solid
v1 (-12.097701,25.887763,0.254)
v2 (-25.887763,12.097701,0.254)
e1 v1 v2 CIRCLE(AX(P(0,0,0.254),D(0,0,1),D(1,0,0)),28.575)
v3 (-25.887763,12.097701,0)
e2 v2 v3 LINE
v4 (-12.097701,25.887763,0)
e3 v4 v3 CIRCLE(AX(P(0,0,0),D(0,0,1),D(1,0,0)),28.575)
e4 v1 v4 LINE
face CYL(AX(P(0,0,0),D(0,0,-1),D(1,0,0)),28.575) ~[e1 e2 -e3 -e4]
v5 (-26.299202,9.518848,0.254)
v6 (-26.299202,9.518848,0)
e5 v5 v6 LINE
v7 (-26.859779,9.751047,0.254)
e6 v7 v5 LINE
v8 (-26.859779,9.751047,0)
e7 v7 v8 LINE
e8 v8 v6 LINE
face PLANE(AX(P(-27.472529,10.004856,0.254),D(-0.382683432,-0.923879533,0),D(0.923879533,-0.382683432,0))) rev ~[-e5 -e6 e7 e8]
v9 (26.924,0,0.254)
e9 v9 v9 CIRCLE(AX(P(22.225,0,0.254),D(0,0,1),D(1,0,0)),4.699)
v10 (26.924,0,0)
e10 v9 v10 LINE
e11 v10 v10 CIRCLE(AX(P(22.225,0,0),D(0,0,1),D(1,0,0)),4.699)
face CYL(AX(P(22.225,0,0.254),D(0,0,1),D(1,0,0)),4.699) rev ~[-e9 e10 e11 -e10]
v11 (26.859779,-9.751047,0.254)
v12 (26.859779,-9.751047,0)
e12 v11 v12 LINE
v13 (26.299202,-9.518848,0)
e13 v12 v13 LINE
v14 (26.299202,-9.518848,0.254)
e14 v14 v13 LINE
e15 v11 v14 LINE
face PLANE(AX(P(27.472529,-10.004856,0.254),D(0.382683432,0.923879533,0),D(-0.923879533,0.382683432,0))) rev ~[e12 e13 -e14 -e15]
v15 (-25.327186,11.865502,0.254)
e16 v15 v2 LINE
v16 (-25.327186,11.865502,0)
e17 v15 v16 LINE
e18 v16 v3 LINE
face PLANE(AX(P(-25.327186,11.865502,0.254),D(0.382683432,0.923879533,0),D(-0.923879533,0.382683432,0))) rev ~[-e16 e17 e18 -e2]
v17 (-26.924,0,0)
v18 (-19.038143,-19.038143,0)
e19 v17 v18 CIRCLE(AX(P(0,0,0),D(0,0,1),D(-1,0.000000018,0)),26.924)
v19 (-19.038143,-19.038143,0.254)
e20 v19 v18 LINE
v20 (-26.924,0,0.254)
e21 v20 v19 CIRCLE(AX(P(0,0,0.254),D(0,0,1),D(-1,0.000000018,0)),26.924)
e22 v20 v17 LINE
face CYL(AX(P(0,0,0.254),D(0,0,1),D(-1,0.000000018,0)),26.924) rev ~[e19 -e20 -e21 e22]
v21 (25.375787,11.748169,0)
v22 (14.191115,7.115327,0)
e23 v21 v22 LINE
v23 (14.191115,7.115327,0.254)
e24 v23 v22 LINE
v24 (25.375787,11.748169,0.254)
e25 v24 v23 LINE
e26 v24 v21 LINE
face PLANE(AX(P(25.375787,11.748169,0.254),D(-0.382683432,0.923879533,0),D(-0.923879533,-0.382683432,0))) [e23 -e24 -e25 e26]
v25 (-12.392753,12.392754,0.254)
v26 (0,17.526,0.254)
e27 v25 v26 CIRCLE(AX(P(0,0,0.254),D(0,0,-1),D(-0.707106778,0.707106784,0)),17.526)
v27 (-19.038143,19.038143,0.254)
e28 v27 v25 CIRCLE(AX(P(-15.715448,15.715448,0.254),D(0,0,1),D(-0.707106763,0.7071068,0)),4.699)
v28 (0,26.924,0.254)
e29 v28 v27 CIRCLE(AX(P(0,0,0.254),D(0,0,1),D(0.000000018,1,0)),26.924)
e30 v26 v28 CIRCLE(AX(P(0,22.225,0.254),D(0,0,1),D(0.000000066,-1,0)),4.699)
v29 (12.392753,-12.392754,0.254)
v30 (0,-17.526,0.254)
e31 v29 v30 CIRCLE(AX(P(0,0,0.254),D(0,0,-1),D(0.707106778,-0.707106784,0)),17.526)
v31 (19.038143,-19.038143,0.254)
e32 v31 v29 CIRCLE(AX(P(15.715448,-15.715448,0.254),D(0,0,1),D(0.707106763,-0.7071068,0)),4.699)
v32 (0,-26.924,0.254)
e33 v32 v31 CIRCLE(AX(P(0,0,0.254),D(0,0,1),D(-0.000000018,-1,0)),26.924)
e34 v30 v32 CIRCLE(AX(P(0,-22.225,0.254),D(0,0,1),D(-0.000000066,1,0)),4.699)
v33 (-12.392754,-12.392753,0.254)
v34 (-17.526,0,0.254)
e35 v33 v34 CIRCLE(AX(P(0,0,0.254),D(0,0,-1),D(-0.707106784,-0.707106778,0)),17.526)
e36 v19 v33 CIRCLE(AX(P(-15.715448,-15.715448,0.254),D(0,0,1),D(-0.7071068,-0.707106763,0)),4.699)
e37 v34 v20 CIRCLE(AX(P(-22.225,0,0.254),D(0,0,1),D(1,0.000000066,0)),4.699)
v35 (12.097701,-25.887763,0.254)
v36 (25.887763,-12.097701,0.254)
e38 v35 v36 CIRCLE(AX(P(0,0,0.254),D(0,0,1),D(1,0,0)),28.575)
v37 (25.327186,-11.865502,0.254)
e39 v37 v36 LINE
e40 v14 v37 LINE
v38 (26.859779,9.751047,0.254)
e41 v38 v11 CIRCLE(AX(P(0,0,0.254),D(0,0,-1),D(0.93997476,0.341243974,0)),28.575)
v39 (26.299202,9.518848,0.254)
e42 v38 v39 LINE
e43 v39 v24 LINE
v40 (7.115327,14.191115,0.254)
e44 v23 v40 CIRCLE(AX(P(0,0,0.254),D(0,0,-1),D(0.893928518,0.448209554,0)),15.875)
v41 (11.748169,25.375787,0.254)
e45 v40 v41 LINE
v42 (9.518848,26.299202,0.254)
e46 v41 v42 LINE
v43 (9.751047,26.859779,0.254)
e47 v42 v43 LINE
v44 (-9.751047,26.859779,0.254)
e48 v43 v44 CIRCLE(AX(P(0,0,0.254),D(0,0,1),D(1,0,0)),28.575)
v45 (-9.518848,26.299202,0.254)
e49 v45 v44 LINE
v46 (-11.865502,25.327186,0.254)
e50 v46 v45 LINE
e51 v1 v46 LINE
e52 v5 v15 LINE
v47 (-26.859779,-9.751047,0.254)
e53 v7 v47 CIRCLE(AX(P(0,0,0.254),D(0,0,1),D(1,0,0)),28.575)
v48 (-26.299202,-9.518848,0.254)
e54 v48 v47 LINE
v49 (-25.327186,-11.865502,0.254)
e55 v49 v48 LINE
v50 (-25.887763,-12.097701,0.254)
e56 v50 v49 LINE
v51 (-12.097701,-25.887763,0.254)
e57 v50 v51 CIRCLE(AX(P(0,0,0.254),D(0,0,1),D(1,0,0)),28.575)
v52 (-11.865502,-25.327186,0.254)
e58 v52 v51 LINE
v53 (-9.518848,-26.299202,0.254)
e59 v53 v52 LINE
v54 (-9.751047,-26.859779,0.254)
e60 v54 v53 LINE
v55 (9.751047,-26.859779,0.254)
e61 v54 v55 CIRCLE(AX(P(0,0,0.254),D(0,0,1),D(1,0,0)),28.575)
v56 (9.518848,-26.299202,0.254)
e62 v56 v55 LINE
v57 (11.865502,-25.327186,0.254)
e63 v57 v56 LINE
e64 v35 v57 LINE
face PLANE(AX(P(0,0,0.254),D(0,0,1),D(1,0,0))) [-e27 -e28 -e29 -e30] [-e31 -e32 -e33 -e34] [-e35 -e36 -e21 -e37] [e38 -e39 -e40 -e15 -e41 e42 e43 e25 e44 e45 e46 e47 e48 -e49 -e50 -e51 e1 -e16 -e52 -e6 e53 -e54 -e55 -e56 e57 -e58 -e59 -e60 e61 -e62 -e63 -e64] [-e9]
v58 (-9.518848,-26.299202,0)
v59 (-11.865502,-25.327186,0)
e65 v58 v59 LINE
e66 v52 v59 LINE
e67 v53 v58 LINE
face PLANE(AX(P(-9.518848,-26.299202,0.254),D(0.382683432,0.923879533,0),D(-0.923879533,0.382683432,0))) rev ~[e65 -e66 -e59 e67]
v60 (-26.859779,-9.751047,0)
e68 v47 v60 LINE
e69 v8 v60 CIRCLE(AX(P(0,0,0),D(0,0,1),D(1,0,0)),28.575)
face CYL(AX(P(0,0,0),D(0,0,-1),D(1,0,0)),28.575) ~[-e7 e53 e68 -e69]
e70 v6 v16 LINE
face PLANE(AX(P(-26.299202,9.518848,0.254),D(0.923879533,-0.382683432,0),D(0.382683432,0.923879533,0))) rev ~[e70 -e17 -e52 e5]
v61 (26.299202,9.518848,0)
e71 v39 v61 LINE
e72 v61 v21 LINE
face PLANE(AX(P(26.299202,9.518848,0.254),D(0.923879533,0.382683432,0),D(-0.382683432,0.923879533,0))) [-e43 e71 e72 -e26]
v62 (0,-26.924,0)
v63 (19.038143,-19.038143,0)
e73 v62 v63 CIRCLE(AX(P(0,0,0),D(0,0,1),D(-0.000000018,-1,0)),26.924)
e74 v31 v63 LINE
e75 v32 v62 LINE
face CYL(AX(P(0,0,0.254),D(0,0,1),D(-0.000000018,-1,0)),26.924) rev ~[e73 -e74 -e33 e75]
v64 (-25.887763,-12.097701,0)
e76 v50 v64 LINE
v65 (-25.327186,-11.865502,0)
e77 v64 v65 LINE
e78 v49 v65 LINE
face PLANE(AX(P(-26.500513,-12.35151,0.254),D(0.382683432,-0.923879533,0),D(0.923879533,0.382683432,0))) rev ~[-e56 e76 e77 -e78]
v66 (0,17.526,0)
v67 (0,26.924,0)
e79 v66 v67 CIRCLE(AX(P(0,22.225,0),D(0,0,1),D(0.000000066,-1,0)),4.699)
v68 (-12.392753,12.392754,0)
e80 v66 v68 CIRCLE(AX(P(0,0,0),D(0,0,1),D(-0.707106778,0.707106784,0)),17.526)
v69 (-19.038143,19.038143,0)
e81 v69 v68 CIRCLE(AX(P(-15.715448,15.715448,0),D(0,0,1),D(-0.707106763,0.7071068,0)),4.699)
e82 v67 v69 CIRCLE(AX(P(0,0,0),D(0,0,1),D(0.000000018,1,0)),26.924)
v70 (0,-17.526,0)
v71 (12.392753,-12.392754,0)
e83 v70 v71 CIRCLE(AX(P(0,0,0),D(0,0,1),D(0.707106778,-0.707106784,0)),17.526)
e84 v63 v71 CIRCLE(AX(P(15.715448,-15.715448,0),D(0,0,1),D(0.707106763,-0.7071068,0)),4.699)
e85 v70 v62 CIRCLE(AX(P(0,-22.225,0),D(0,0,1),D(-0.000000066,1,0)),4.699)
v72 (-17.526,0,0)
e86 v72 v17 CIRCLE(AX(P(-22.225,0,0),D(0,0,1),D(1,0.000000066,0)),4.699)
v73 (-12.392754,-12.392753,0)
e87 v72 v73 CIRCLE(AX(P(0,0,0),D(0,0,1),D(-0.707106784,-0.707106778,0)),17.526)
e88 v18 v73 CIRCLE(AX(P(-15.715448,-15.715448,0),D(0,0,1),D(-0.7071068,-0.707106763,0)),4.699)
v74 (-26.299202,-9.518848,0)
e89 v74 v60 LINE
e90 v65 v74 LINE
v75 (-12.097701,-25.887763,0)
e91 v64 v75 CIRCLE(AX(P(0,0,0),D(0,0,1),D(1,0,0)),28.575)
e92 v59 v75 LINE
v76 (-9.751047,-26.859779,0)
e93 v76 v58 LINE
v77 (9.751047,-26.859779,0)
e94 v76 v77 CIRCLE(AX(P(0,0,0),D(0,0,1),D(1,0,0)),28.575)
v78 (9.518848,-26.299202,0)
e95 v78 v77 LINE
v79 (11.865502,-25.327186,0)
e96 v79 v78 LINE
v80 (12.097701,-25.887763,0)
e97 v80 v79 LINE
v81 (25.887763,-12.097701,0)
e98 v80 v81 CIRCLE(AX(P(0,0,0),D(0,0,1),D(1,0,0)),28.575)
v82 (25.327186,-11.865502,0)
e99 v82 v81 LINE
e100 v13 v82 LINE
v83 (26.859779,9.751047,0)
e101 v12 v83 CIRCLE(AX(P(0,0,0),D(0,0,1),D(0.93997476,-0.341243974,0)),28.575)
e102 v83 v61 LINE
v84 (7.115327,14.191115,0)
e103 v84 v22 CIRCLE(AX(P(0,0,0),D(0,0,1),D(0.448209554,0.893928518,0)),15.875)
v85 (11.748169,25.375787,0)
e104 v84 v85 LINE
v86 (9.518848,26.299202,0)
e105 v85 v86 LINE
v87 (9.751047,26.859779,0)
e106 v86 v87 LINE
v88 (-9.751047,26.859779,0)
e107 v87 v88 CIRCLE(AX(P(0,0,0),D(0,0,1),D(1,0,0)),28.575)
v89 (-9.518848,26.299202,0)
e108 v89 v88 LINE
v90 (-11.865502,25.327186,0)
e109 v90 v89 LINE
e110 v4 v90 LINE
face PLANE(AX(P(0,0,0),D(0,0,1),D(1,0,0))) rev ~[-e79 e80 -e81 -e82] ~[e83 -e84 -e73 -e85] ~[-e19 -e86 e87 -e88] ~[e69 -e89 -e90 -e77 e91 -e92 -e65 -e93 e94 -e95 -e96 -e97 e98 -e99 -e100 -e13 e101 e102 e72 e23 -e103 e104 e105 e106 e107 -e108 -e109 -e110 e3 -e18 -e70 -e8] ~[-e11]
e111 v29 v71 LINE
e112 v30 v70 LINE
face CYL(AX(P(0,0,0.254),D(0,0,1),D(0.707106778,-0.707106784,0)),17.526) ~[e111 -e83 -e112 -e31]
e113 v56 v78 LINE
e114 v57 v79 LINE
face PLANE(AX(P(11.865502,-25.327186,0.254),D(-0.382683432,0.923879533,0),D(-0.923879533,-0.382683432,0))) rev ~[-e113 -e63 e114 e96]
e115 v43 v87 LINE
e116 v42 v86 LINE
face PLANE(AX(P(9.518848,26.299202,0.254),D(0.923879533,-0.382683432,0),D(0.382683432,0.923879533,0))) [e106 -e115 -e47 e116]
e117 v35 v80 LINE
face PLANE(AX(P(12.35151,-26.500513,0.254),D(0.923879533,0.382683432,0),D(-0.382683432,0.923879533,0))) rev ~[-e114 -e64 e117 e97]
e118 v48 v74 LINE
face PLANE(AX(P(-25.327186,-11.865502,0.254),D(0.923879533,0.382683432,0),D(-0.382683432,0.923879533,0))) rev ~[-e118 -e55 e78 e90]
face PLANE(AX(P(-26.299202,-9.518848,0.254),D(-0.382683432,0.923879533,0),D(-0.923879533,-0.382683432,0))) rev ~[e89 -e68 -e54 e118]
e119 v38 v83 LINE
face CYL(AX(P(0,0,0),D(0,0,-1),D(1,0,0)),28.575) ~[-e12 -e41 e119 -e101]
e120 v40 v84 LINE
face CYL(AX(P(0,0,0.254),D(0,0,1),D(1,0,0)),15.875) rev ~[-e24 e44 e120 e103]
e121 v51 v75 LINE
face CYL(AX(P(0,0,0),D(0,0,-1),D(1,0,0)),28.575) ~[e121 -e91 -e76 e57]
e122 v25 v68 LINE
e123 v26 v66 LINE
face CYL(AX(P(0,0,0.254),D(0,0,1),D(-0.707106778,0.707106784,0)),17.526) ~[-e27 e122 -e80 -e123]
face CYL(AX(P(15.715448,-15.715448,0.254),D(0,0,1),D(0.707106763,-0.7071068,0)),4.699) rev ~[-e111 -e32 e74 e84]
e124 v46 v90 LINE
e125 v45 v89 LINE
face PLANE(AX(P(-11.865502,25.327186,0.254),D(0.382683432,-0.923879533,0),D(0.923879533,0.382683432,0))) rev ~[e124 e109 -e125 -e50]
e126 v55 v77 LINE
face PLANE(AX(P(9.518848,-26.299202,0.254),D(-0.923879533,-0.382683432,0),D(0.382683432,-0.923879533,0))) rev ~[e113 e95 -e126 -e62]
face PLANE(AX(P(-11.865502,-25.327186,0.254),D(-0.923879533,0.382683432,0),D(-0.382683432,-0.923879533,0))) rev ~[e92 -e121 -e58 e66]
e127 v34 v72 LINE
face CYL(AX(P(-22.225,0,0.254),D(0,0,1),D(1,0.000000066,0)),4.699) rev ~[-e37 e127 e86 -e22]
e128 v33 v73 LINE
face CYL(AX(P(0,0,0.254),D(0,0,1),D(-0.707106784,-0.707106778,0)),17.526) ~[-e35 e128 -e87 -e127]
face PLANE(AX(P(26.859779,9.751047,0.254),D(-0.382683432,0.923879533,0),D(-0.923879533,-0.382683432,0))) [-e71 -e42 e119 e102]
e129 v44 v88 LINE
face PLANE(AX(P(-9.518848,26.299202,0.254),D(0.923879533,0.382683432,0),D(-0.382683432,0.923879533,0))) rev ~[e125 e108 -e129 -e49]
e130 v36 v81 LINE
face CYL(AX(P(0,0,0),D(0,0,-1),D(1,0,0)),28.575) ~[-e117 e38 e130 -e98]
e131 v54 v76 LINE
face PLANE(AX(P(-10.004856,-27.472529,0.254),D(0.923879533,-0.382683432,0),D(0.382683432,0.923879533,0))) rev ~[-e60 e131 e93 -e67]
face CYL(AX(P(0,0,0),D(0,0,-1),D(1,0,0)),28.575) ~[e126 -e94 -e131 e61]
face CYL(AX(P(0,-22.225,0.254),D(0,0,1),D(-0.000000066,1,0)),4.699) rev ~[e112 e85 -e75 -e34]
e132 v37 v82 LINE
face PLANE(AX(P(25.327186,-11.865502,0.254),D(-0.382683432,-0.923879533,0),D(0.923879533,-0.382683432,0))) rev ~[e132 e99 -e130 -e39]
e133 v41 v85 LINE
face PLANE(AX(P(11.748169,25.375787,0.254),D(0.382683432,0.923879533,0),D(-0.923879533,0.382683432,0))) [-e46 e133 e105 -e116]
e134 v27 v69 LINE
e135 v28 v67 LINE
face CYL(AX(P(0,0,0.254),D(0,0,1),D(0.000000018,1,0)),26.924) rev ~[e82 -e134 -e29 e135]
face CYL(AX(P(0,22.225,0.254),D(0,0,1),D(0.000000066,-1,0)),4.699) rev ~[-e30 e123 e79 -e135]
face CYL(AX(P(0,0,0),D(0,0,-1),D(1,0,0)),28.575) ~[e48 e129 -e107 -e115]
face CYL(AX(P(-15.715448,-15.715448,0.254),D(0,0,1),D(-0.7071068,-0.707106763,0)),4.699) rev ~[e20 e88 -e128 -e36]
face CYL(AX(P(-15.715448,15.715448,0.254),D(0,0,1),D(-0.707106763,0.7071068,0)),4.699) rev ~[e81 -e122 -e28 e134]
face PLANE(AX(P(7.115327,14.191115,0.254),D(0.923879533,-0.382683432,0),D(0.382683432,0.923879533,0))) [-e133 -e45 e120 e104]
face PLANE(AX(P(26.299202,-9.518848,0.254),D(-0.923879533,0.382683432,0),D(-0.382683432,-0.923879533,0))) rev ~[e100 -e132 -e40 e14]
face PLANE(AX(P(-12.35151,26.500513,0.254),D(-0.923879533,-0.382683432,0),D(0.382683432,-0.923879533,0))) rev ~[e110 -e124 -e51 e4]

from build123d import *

# Parameters (mm, degrees)
SKETCH4_R           = 28.575
BOSS_EXTRUDE2_DEPTH = 0.254
SKETCH5_R           = 15.875
CUT_EXTRUDE5_DEPTH  = 1.254
SKETCH6_R           = 4.699
CUT_EXTRUDE6_DEPTH  = 1.254
CUT_EXTRUDE11_DEPTH = 1.254


with BuildPart() as part:
    # Sketch4 → Boss-Extrude2 (new body)
    with BuildSketch(Plane.XY):
        Circle(SKETCH4_R)
    extrude(amount=BOSS_EXTRUDE2_DEPTH)

    # Sketch5 → Cut-Extrude5 (cut, through all)
    with BuildSketch(Plane.XY.offset(0.254)):
        Circle(SKETCH5_R)
    extrude(amount=-CUT_EXTRUDE5_DEPTH, mode=Mode.SUBTRACT)

    # Sketch6 → Cut-Extrude6 (cut, through all)
    with BuildSketch(Plane.XY.offset(0.254)):
        with Locations((22.225, 0)):
            Circle(SKETCH6_R)
        with BuildLine():
            ThreePointArc((19.03814289, -19.038143063), (19.038142992, -12.392753462), (12.392753391, -12.392753504))
            ThreePointArc((12.392753391, -12.392753504), (6.706909655, -16.191912762), (-3.11e-07, -17.526))
            ThreePointArc((-3.11e-07, -17.526), (-4.699, -22.224999917), (-4.77e-07, -26.924))
            ThreePointArc((-4.77e-07, -26.924), (10.303368456, -24.874532648), (19.03814289, -19.038143063))
        make_face()
        with BuildLine():
            ThreePointArc((-19.038143063, -19.03814289), (-12.392753462, -19.038142992), (-12.392753504, -12.392753391))
            ThreePointArc((-12.392753504, -12.392753391), (-16.191912762, -6.706909655), (-17.526, 3.11e-07))
            ThreePointArc((-17.526, 3.11e-07), (-22.224999917, 4.699), (-26.924, 4.77e-07))
            ThreePointArc((-26.924, 4.77e-07), (-24.874532648, -10.303368456), (-19.038143063, -19.03814289))
        make_face()
        with BuildLine():
            ThreePointArc((-19.03814289, 19.038143063), (-19.038142992, 12.392753462), (-12.392753391, 12.392753504))
            ThreePointArc((-12.392753391, 12.392753504), (-6.706909655, 16.191912762), (3.11e-07, 17.526))
            ThreePointArc((3.11e-07, 17.526), (4.699, 22.224999917), (4.77e-07, 26.924))
            ThreePointArc((4.77e-07, 26.924), (-10.303368456, 24.874532648), (-19.03814289, 19.038143063))
        make_face()
    extrude(amount=-CUT_EXTRUDE6_DEPTH, mode=Mode.SUBTRACT)

    # Sketch8 → Cut-Extrude11 (cut, through all)
    with BuildSketch(Plane.XY.offset(0.254)):
        with BuildLine():
            Line((11.748169406, 25.375786975), (9.518848094, 26.299202097))
            Line((9.518848094, 26.299202097), (9.751046558, 26.859778778))
            ThreePointArc((9.751046558, 26.859778778), (20.205576272, 20.205576272), (26.859778778, 9.751046558))
            Line((26.859778778, 9.751046558), (26.299202097, 9.518848094))
            Line((26.299202097, 9.518848094), (25.375786975, 11.748169406))
            Line((25.375786975, 11.748169406), (14.191115224, 7.115326676))
            ThreePointArc((14.191115224, 7.115326676), (11.225320151, 11.225320151), (7.115326676, 14.191115224))
            Line((7.115326676, 14.191115224), (11.748169406, 25.375786975))
        make_face()
        Polygon((-10.004856053, 27.472529104), (-12.351510066, 26.500513186), (-11.865502107, 25.327186179), (-9.518848094, 26.299202097), align=None)
        Polygon((-26.500513186, 12.351510066), (-27.472529104, 10.004856053), (-26.299202097, 9.518848094), (-25.327186179, 11.865502107), align=None)
        Polygon((-27.472529104, -10.004856053), (-26.500513186, -12.351510066), (-25.327186179, -11.865502107), (-26.299202097, -9.518848094), align=None)
        Polygon((-12.351510066, -26.500513186), (-10.004856053, -27.472529104), (-9.518848094, -26.299202097), (-11.865502107, -25.327186179), align=None)
        Polygon((10.004856053, -27.472529104), (12.351510066, -26.500513186), (11.865502107, -25.327186179), (9.518848094, -26.299202097), align=None)
        Polygon((26.500513186, -12.351510066), (27.472529104, -10.004856053), (26.299202097, -9.518848094), (25.327186179, -11.865502107), align=None)
    extrude(amount=-CUT_EXTRUDE11_DEPTH, mode=Mode.SUBTRACT)


solid = part.part
